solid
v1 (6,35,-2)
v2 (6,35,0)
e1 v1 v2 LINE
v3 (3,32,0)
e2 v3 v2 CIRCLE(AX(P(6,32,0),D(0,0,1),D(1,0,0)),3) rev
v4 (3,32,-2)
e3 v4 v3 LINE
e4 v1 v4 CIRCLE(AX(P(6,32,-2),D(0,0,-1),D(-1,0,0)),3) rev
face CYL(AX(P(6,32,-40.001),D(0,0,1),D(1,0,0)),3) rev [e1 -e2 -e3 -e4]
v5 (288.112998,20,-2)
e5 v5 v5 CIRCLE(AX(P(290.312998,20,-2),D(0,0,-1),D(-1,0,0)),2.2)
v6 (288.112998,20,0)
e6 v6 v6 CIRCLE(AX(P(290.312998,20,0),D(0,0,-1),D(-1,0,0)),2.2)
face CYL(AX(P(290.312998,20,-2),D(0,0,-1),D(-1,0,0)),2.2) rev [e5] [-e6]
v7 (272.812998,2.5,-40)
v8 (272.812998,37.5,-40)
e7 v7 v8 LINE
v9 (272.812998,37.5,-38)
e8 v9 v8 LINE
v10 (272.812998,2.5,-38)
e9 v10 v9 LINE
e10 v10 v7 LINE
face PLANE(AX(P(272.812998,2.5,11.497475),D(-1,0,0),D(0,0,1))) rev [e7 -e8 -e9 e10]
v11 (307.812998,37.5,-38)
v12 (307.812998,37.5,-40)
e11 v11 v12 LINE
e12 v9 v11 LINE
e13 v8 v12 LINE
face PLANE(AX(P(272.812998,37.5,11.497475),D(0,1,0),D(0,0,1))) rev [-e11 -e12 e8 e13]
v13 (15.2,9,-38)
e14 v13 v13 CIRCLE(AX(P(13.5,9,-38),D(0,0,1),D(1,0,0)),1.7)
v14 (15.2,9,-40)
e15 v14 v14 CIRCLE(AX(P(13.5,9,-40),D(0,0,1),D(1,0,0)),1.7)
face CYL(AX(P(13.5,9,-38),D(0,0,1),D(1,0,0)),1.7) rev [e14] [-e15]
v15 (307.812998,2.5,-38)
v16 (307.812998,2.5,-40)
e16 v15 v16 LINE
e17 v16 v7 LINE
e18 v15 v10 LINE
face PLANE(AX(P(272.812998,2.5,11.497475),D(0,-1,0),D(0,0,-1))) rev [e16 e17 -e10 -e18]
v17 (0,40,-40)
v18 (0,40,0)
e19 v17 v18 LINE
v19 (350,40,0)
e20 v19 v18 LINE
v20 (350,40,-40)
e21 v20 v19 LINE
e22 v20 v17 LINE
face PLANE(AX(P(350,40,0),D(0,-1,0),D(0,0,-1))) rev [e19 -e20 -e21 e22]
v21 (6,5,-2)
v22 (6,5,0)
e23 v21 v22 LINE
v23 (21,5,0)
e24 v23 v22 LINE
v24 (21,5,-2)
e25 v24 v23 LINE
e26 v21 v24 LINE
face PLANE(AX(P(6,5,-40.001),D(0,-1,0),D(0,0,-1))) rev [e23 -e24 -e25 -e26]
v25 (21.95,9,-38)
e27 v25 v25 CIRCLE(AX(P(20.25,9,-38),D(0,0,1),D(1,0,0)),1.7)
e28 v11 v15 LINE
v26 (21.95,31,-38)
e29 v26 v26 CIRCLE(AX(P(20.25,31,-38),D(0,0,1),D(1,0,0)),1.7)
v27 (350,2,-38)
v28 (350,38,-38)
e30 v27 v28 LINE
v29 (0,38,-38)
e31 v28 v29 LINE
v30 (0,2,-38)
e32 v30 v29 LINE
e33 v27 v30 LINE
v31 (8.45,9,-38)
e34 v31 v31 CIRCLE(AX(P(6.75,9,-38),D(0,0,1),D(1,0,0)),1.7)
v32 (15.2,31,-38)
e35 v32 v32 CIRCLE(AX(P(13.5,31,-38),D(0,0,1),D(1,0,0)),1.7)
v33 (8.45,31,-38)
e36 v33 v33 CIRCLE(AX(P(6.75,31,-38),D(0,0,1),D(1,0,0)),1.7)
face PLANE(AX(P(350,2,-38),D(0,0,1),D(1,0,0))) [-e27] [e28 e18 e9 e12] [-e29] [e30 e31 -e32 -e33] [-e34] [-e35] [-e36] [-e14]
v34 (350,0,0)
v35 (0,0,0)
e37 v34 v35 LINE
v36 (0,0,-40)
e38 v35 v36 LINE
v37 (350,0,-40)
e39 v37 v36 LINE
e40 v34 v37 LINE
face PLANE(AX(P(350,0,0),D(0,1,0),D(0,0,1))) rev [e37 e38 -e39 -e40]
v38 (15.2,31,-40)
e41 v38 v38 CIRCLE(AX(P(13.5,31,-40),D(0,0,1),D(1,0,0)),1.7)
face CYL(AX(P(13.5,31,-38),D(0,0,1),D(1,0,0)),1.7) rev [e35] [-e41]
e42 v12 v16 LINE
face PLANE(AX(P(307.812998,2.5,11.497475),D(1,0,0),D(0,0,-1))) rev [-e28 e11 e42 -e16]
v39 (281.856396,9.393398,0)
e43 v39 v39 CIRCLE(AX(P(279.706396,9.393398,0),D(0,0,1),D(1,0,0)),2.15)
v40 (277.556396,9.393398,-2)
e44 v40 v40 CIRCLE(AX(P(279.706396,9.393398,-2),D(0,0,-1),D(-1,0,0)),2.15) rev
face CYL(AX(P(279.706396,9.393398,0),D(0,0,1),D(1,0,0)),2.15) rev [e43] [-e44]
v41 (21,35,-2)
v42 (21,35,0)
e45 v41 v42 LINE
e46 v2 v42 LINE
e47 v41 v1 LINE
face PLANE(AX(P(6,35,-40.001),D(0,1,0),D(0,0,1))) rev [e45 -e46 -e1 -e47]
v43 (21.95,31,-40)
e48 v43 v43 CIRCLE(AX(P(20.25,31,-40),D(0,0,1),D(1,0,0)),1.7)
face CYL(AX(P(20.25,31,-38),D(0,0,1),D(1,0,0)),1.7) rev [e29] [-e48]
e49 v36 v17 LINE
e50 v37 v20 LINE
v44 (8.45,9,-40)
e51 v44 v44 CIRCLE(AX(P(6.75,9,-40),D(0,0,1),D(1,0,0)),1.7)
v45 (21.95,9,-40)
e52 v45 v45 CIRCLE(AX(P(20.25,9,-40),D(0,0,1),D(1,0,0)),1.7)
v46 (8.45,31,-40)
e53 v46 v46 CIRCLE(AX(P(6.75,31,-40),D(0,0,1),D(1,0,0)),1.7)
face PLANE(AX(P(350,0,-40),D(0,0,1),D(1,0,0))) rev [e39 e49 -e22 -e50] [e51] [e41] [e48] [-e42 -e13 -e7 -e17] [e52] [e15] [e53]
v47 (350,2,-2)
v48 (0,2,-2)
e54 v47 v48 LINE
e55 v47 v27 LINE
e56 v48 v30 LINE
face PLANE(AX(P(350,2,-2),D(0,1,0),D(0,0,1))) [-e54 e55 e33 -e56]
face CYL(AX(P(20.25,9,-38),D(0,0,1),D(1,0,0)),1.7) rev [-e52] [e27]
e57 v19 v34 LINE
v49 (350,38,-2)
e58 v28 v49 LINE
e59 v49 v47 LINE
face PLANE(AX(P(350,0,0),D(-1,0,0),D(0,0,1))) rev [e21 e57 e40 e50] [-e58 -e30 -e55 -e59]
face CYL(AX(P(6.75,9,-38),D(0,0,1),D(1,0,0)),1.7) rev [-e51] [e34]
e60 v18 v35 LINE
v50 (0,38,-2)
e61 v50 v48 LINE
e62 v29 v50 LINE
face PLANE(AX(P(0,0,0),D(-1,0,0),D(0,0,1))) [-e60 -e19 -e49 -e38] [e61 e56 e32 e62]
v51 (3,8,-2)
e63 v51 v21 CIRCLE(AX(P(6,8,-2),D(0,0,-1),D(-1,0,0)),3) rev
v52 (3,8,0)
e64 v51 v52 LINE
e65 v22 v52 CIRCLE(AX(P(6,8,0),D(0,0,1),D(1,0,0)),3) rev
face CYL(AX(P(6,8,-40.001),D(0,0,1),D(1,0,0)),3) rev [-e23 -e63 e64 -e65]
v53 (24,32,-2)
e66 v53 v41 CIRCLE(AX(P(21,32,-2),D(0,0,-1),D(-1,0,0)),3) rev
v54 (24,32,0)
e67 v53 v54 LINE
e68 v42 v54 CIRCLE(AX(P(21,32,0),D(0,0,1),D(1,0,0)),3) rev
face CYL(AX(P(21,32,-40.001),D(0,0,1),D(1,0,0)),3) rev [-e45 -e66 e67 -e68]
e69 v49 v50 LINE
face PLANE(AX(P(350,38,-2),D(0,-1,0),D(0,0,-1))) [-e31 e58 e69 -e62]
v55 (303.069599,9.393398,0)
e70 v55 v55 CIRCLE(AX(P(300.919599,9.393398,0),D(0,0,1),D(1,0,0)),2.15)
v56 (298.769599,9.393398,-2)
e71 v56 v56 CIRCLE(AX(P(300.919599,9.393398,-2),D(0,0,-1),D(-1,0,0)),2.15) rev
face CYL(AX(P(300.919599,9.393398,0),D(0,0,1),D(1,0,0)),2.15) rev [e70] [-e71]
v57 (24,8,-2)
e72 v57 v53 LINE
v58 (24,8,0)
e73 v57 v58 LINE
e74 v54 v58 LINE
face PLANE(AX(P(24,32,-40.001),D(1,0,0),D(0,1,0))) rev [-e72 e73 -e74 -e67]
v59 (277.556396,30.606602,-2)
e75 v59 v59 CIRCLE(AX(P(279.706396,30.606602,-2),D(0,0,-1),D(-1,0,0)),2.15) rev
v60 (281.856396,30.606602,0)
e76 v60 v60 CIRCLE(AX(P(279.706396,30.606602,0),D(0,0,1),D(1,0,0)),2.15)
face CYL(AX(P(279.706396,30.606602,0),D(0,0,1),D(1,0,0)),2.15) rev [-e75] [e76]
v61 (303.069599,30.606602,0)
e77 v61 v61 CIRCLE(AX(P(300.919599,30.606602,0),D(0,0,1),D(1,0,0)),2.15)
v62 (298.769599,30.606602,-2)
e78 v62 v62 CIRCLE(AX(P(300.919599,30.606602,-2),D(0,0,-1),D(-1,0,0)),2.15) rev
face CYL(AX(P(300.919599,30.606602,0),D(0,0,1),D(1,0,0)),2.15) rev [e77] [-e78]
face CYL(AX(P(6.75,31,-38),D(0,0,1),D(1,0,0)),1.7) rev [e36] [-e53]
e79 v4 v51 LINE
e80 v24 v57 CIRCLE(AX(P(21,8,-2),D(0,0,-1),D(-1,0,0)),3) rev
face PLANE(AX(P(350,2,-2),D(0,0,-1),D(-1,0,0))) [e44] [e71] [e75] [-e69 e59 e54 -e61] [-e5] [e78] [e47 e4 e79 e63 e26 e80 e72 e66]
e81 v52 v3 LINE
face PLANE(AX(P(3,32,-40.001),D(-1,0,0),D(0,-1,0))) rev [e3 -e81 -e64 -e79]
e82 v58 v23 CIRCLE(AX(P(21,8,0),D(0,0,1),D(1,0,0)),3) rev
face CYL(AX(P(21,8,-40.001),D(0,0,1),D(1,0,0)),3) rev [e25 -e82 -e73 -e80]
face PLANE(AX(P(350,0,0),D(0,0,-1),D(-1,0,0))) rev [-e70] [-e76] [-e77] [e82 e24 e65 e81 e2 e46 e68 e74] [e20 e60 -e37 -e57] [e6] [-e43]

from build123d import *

# Parameters (mm, degrees)
SKETCH1_W                      = 40
SKETCH1_H                      = 40
SKETCH1_W_2                    = 36
SKETCH1_H_2                    = 36
BOSS_EXTRUDE1_DEPTH            = 350
M4_CLEARANCE_HOLE1_D           = 4.3
M4_CLEARANCE_HOLE1_DEPTH       = 2
M4_CLEARANCE_HOLE1_TIP         = 1.291850331
SKETCH5_W                      = 35
SKETCH5_H                      = 35
CUT_EXTRUDE1_DEPTH             = 2
F_4_4_4_4_DIAMETER_HOLE1_D     = 4.4
M3_CLEARANCE_HOLE1_D           = 3.4
M3_CLEARANCE_HOLE1_DEPTH       = 20
M3_CLEARANCE_HOLE1_TIP         = 1.021463052
CUT_EXTRUDE2_REACH             = 356.542
CUT_EXTRUDE2_DIRECTION_2_DEPTH = 355.541958025


with BuildPart() as part:
    # Sketch1 → Boss-Extrude1 (new body)
    with BuildSketch(Plane(origin=(0, 0, 0), x_dir=(0, 0, -1), z_dir=(1, 0, 0))):
        with Locations((20, 20)):
            Rectangle(SKETCH1_W, SKETCH1_H)
        with Locations((20, 20)):
            Rectangle(SKETCH1_W_2, SKETCH1_H_2, mode=Mode.SUBTRACT)
    extrude(amount=BOSS_EXTRUDE1_DEPTH)

    # M4 Clearance Hole1
    with Locations(Plane.XY):
        with Locations((279.706395966, 30.606601718), (300.919599401, 30.606601718), (300.919599401, 9.393398282), (279.706395966, 9.393398282)):
            Hole(M4_CLEARANCE_HOLE1_D / 2, depth=M4_CLEARANCE_HOLE1_DEPTH)
            with Locations((0, 0, -(M4_CLEARANCE_HOLE1_DEPTH + M4_CLEARANCE_HOLE1_TIP / 2))):  # 118° drill point
                Cone(0, M4_CLEARANCE_HOLE1_D / 2, M4_CLEARANCE_HOLE1_TIP, mode=Mode.SUBTRACT)

    # Sketch5 → Cut-Extrude1 (cut)
    with BuildSketch(Plane(origin=(0, 0, -40), x_dir=(-1, 0, 0), z_dir=(0, 0, -1))):
        with Locations((-290.312997684, 20)):
            Rectangle(SKETCH5_W, SKETCH5_H)
    extrude(amount=-CUT_EXTRUDE1_DEPTH, mode=Mode.SUBTRACT)

    # Ø4.4 (4.4) Diameter Hole1 (through all)
    with Locations(Plane(origin=(0, 0, -2), x_dir=(-1, 0, 0), z_dir=(0, 0, -1))):
        with Locations((-290.312997684, 20)):
            Hole(F_4_4_4_4_DIAMETER_HOLE1_D / 2)

    # M3 Clearance Hole1
    with Locations(Plane.XY.offset(-38)):
        with Locations((6.75, 9), (20.25, 31), (13.5, 31), (6.75, 31), (20.25, 9), (13.5, 9)):
            Hole(M3_CLEARANCE_HOLE1_D / 2, depth=M3_CLEARANCE_HOLE1_DEPTH)
            with Locations((0, 0, -(M3_CLEARANCE_HOLE1_DEPTH + M3_CLEARANCE_HOLE1_TIP / 2))):  # 118° drill point
                Cone(0, M3_CLEARANCE_HOLE1_D / 2, M3_CLEARANCE_HOLE1_TIP, mode=Mode.SUBTRACT)

    # Sketch11 → Cut-Extrude2 (cut, up to next)
    with BuildSketch(Plane.XY, mode=Mode.PRIVATE) as cut_extrude2_sk1:
        with BuildLine():
            Line((6, 35), (21, 35))
            ThreePointArc((21, 35), (23.121320344, 34.121320344), (24, 32))
            Line((24, 32), (24, 8))
            ThreePointArc((24, 8), (23.121320344, 5.878679656), (21, 5))
            Line((21, 5), (6, 5))
            ThreePointArc((6, 5), (3.878679656, 5.878679656), (3, 8))
            Line((3, 8), (3, 32))
            ThreePointArc((3, 32), (3.878679656, 34.121320344), (6, 35))
        make_face()
    cut_extrude2_tool1 = extrude(cut_extrude2_sk1.sketch, amount=-CUT_EXTRUDE2_REACH, mode=Mode.PRIVATE) & part.part
    add(cut_extrude2_tool1.solids().sort_by_distance((13.5, 20, 0))[0], mode=Mode.SUBTRACT)

    # Sketch11 → Cut-Extrude2 direction 2 (cut)
    with BuildSketch(Plane.XY):
        with BuildLine():
            Line((6, 35), (21, 35))
            ThreePointArc((21, 35), (23.121320344, 34.121320344), (24, 32))
            Line((24, 32), (24, 8))
            ThreePointArc((24, 8), (23.121320344, 5.878679656), (21, 5))
            Line((21, 5), (6, 5))
            ThreePointArc((6, 5), (3.878679656, 5.878679656), (3, 8))
            Line((3, 8), (3, 32))
            ThreePointArc((3, 32), (3.878679656, 34.121320344), (6, 35))
        make_face()
    extrude(amount=CUT_EXTRUDE2_DIRECTION_2_DEPTH, mode=Mode.SUBTRACT)


solid = part.part
